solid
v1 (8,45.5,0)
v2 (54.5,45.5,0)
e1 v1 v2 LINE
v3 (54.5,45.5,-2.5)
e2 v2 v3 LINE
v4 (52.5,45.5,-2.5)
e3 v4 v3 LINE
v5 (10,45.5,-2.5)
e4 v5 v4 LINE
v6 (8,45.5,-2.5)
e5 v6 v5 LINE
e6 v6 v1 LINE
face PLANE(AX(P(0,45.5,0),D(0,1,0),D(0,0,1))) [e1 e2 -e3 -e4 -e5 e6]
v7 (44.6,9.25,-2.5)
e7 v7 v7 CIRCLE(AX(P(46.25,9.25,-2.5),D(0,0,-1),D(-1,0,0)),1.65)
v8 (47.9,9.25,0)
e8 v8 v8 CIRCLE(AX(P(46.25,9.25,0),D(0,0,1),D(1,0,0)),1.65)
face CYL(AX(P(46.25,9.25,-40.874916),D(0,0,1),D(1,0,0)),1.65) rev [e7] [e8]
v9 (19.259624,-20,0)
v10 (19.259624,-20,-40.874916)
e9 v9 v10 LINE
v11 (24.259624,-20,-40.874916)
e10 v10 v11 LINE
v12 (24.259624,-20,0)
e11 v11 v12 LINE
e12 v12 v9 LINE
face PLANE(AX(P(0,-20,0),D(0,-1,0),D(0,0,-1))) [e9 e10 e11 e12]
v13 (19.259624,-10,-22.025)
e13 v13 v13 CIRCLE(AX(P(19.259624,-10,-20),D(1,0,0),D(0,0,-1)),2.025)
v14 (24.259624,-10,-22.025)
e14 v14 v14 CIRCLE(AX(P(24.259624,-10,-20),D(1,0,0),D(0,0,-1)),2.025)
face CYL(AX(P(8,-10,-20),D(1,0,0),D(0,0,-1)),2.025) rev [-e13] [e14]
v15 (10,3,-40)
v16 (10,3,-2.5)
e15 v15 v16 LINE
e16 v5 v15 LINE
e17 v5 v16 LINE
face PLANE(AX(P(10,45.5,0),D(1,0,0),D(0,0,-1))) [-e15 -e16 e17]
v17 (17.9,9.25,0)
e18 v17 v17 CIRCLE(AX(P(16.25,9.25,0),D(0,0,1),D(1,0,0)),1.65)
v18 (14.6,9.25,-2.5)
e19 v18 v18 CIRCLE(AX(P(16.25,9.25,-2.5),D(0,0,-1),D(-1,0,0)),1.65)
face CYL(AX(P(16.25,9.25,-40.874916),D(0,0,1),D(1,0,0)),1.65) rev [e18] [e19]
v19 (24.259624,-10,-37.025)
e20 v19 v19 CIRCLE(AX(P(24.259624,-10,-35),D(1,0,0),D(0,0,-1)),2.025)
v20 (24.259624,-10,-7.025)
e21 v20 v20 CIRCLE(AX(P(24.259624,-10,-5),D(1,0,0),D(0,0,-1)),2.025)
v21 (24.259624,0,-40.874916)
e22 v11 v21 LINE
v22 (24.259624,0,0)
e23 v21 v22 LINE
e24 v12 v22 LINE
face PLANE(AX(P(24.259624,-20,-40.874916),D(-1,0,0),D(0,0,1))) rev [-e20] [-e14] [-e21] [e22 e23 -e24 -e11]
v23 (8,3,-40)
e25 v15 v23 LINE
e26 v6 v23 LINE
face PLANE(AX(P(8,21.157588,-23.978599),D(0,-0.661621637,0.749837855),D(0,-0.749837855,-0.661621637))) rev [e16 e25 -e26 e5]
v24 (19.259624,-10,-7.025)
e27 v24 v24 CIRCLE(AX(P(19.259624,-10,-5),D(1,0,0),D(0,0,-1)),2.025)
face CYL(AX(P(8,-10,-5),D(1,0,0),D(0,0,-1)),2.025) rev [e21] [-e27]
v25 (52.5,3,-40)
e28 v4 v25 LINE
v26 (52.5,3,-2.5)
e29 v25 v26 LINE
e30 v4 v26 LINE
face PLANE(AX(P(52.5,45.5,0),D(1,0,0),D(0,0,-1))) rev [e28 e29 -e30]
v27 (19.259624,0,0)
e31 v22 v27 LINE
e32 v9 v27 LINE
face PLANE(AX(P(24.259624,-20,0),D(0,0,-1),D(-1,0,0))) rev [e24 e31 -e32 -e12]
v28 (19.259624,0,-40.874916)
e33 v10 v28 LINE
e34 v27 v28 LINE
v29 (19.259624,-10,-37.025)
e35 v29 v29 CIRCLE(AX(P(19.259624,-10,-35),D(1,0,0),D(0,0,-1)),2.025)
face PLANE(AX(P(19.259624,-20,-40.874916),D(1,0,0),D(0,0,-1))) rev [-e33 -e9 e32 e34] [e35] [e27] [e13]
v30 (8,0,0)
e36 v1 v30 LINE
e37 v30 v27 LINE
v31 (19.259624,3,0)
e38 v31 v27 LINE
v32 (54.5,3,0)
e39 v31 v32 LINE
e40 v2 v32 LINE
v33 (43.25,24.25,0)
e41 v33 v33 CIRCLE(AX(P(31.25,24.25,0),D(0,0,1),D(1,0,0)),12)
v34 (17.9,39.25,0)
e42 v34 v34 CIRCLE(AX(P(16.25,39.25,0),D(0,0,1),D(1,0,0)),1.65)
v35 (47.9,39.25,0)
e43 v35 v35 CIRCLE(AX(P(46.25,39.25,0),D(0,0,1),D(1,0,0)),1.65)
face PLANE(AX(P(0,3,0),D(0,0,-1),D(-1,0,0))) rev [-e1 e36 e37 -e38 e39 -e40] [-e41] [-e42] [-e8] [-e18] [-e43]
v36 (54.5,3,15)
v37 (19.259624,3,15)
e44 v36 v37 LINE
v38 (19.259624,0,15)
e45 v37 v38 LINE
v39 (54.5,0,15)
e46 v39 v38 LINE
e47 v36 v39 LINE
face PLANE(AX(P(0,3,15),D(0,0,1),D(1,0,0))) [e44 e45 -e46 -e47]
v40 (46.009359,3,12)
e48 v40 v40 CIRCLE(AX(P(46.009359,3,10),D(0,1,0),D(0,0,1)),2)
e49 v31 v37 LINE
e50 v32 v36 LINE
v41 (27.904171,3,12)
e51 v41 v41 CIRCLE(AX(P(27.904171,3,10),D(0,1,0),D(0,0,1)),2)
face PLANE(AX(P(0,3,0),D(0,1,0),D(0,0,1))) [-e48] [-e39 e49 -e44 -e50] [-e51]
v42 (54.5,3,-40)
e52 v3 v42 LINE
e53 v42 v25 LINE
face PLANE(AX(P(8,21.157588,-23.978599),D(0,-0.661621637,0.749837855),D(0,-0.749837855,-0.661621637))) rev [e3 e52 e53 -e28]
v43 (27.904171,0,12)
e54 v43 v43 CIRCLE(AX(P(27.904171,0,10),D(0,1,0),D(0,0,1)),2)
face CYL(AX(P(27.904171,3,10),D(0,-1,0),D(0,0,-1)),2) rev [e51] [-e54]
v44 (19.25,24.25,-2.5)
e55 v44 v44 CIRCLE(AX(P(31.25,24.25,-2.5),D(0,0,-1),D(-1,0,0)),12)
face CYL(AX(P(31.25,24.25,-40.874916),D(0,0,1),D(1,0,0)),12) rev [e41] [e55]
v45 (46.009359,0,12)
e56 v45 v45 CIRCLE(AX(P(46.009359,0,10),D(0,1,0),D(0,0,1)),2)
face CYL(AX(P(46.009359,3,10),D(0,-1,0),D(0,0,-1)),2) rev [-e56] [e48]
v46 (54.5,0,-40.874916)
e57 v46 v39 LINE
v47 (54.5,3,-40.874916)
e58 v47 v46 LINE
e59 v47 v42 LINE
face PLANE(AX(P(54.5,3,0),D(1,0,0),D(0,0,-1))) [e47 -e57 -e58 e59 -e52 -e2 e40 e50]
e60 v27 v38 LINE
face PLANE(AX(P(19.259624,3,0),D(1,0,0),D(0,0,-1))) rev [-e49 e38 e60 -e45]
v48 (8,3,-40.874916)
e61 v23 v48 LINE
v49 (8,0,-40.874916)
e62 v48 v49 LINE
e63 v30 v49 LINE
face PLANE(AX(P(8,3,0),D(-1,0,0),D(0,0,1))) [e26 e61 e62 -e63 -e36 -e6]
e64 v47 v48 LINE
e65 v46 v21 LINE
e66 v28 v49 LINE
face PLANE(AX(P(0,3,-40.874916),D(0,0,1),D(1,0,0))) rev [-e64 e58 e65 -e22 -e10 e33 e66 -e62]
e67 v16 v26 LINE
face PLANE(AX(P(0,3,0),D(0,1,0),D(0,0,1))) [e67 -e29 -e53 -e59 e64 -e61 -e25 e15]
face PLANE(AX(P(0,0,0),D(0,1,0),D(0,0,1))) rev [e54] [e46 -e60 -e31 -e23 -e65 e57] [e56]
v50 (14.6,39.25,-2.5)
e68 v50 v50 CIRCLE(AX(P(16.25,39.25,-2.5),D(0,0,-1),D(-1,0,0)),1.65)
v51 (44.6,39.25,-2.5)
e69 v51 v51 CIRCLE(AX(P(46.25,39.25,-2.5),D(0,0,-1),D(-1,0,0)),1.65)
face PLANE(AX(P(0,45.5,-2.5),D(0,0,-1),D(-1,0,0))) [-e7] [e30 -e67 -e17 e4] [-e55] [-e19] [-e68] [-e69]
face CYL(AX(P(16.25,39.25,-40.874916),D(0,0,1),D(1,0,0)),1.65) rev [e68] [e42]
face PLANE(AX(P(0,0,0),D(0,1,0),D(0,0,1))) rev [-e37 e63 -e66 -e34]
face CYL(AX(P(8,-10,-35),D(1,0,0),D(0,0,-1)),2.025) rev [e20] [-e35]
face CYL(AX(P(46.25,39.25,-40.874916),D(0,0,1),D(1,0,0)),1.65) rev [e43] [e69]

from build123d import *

# Parameters (mm, degrees)
SKETCH1_R           = 2
BOSS_EXTRUDE1_DEPTH = 3
BOSS_EXTRUDE2_DEPTH = 42.5
CUT_EXTRUDE1_DEPTH  = 77.832667384
SKETCH4_R           = 12
SKETCH4_R_2         = 1.65
CUT_EXTRUDE2_DEPTH  = 82.92227278
SKETCH6_W           = 5
SKETCH6_H           = 40.874916237
BOSS_EXTRUDE3_DEPTH = 20
SKETCH7_R           = 2.025
CUT_EXTRUDE4_DEPTH  = 69.231144603


with BuildPart() as part:
    # Sketch1 → Boss-Extrude1 (new body)
    with BuildSketch(Plane(origin=(0, 0, 0), x_dir=(1, 0, 0), z_dir=(0, 1, 0))):
        Polygon((54.5, 0.874916237), (54.5, 40.874916237), (8, 40.874916237), (8, 0), (19.259624399, 0), (19.259624399, -15), (54.5, -15), align=None)
        with Locations(Location((27.904171313, -10, 0), (0, 0, 270))):
            Circle(SKETCH1_R, mode=Mode.SUBTRACT)
        with Locations(Location((46.009358787, -10, 0), (0, 0, 270))):
            Circle(SKETCH1_R, mode=Mode.SUBTRACT)
    extrude(amount=BOSS_EXTRUDE1_DEPTH)

    # Sketch2 → Boss-Extrude2 (add)
    with BuildSketch(Plane(origin=(0, 3, 0), x_dir=(1, 0, 0), z_dir=(0, 1, 0))):
        Polygon((10, 2.5), (10, 40), (8, 40), (8, 0), (54.5, 0), (54.5, 40), (52.5, 40), (52.5, 2.5), align=None)
    extrude(amount=BOSS_EXTRUDE2_DEPTH)

    # Sketch3 → Cut-Extrude1 (cut, through all)
    with BuildSketch(Plane(origin=(54.5, 0, 0), x_dir=(0, 0, -1), z_dir=(1, 0, 0))):
        Polygon((40, 45.5), (2.5, 45.5), (40, 3), align=None)
    extrude(amount=-CUT_EXTRUDE1_DEPTH, mode=Mode.SUBTRACT)

    # Sketch4 → Cut-Extrude2 (cut, through all)
    with BuildSketch(Plane.XY):
        with Locations((31.25, 24.25)):
            Circle(SKETCH4_R)
        with Locations((16.25, 9.25)):
            Circle(SKETCH4_R_2)
        with Locations((16.25, 39.25)):
            Circle(SKETCH4_R_2)
        with Locations((46.25, 39.25)):
            Circle(SKETCH4_R_2)
        with Locations((46.25, 9.25)):
            Circle(SKETCH4_R_2)
    extrude(amount=-CUT_EXTRUDE2_DEPTH, mode=Mode.SUBTRACT)

    # Sketch6 → Boss-Extrude3 (add)
    with BuildSketch(Plane.XZ):
        with Locations((21.759624399, -20.437458119)):
            Rectangle(SKETCH6_W, SKETCH6_H)
    extrude(amount=BOSS_EXTRUDE3_DEPTH)

    # Sketch7 → Cut-Extrude4 (cut, through all)
    with BuildSketch(Plane(origin=(24.259624399, 0, 0), x_dir=(0, 0, -1), z_dir=(1, 0, 0))):
        with Locations((35, -10)):
            Circle(SKETCH7_R)
        with Locations((20, -10)):
            Circle(SKETCH7_R)
        with Locations((5, -10)):
            Circle(SKETCH7_R)
    extrude(amount=-CUT_EXTRUDE4_DEPTH, mode=Mode.SUBTRACT)


solid = part.part
